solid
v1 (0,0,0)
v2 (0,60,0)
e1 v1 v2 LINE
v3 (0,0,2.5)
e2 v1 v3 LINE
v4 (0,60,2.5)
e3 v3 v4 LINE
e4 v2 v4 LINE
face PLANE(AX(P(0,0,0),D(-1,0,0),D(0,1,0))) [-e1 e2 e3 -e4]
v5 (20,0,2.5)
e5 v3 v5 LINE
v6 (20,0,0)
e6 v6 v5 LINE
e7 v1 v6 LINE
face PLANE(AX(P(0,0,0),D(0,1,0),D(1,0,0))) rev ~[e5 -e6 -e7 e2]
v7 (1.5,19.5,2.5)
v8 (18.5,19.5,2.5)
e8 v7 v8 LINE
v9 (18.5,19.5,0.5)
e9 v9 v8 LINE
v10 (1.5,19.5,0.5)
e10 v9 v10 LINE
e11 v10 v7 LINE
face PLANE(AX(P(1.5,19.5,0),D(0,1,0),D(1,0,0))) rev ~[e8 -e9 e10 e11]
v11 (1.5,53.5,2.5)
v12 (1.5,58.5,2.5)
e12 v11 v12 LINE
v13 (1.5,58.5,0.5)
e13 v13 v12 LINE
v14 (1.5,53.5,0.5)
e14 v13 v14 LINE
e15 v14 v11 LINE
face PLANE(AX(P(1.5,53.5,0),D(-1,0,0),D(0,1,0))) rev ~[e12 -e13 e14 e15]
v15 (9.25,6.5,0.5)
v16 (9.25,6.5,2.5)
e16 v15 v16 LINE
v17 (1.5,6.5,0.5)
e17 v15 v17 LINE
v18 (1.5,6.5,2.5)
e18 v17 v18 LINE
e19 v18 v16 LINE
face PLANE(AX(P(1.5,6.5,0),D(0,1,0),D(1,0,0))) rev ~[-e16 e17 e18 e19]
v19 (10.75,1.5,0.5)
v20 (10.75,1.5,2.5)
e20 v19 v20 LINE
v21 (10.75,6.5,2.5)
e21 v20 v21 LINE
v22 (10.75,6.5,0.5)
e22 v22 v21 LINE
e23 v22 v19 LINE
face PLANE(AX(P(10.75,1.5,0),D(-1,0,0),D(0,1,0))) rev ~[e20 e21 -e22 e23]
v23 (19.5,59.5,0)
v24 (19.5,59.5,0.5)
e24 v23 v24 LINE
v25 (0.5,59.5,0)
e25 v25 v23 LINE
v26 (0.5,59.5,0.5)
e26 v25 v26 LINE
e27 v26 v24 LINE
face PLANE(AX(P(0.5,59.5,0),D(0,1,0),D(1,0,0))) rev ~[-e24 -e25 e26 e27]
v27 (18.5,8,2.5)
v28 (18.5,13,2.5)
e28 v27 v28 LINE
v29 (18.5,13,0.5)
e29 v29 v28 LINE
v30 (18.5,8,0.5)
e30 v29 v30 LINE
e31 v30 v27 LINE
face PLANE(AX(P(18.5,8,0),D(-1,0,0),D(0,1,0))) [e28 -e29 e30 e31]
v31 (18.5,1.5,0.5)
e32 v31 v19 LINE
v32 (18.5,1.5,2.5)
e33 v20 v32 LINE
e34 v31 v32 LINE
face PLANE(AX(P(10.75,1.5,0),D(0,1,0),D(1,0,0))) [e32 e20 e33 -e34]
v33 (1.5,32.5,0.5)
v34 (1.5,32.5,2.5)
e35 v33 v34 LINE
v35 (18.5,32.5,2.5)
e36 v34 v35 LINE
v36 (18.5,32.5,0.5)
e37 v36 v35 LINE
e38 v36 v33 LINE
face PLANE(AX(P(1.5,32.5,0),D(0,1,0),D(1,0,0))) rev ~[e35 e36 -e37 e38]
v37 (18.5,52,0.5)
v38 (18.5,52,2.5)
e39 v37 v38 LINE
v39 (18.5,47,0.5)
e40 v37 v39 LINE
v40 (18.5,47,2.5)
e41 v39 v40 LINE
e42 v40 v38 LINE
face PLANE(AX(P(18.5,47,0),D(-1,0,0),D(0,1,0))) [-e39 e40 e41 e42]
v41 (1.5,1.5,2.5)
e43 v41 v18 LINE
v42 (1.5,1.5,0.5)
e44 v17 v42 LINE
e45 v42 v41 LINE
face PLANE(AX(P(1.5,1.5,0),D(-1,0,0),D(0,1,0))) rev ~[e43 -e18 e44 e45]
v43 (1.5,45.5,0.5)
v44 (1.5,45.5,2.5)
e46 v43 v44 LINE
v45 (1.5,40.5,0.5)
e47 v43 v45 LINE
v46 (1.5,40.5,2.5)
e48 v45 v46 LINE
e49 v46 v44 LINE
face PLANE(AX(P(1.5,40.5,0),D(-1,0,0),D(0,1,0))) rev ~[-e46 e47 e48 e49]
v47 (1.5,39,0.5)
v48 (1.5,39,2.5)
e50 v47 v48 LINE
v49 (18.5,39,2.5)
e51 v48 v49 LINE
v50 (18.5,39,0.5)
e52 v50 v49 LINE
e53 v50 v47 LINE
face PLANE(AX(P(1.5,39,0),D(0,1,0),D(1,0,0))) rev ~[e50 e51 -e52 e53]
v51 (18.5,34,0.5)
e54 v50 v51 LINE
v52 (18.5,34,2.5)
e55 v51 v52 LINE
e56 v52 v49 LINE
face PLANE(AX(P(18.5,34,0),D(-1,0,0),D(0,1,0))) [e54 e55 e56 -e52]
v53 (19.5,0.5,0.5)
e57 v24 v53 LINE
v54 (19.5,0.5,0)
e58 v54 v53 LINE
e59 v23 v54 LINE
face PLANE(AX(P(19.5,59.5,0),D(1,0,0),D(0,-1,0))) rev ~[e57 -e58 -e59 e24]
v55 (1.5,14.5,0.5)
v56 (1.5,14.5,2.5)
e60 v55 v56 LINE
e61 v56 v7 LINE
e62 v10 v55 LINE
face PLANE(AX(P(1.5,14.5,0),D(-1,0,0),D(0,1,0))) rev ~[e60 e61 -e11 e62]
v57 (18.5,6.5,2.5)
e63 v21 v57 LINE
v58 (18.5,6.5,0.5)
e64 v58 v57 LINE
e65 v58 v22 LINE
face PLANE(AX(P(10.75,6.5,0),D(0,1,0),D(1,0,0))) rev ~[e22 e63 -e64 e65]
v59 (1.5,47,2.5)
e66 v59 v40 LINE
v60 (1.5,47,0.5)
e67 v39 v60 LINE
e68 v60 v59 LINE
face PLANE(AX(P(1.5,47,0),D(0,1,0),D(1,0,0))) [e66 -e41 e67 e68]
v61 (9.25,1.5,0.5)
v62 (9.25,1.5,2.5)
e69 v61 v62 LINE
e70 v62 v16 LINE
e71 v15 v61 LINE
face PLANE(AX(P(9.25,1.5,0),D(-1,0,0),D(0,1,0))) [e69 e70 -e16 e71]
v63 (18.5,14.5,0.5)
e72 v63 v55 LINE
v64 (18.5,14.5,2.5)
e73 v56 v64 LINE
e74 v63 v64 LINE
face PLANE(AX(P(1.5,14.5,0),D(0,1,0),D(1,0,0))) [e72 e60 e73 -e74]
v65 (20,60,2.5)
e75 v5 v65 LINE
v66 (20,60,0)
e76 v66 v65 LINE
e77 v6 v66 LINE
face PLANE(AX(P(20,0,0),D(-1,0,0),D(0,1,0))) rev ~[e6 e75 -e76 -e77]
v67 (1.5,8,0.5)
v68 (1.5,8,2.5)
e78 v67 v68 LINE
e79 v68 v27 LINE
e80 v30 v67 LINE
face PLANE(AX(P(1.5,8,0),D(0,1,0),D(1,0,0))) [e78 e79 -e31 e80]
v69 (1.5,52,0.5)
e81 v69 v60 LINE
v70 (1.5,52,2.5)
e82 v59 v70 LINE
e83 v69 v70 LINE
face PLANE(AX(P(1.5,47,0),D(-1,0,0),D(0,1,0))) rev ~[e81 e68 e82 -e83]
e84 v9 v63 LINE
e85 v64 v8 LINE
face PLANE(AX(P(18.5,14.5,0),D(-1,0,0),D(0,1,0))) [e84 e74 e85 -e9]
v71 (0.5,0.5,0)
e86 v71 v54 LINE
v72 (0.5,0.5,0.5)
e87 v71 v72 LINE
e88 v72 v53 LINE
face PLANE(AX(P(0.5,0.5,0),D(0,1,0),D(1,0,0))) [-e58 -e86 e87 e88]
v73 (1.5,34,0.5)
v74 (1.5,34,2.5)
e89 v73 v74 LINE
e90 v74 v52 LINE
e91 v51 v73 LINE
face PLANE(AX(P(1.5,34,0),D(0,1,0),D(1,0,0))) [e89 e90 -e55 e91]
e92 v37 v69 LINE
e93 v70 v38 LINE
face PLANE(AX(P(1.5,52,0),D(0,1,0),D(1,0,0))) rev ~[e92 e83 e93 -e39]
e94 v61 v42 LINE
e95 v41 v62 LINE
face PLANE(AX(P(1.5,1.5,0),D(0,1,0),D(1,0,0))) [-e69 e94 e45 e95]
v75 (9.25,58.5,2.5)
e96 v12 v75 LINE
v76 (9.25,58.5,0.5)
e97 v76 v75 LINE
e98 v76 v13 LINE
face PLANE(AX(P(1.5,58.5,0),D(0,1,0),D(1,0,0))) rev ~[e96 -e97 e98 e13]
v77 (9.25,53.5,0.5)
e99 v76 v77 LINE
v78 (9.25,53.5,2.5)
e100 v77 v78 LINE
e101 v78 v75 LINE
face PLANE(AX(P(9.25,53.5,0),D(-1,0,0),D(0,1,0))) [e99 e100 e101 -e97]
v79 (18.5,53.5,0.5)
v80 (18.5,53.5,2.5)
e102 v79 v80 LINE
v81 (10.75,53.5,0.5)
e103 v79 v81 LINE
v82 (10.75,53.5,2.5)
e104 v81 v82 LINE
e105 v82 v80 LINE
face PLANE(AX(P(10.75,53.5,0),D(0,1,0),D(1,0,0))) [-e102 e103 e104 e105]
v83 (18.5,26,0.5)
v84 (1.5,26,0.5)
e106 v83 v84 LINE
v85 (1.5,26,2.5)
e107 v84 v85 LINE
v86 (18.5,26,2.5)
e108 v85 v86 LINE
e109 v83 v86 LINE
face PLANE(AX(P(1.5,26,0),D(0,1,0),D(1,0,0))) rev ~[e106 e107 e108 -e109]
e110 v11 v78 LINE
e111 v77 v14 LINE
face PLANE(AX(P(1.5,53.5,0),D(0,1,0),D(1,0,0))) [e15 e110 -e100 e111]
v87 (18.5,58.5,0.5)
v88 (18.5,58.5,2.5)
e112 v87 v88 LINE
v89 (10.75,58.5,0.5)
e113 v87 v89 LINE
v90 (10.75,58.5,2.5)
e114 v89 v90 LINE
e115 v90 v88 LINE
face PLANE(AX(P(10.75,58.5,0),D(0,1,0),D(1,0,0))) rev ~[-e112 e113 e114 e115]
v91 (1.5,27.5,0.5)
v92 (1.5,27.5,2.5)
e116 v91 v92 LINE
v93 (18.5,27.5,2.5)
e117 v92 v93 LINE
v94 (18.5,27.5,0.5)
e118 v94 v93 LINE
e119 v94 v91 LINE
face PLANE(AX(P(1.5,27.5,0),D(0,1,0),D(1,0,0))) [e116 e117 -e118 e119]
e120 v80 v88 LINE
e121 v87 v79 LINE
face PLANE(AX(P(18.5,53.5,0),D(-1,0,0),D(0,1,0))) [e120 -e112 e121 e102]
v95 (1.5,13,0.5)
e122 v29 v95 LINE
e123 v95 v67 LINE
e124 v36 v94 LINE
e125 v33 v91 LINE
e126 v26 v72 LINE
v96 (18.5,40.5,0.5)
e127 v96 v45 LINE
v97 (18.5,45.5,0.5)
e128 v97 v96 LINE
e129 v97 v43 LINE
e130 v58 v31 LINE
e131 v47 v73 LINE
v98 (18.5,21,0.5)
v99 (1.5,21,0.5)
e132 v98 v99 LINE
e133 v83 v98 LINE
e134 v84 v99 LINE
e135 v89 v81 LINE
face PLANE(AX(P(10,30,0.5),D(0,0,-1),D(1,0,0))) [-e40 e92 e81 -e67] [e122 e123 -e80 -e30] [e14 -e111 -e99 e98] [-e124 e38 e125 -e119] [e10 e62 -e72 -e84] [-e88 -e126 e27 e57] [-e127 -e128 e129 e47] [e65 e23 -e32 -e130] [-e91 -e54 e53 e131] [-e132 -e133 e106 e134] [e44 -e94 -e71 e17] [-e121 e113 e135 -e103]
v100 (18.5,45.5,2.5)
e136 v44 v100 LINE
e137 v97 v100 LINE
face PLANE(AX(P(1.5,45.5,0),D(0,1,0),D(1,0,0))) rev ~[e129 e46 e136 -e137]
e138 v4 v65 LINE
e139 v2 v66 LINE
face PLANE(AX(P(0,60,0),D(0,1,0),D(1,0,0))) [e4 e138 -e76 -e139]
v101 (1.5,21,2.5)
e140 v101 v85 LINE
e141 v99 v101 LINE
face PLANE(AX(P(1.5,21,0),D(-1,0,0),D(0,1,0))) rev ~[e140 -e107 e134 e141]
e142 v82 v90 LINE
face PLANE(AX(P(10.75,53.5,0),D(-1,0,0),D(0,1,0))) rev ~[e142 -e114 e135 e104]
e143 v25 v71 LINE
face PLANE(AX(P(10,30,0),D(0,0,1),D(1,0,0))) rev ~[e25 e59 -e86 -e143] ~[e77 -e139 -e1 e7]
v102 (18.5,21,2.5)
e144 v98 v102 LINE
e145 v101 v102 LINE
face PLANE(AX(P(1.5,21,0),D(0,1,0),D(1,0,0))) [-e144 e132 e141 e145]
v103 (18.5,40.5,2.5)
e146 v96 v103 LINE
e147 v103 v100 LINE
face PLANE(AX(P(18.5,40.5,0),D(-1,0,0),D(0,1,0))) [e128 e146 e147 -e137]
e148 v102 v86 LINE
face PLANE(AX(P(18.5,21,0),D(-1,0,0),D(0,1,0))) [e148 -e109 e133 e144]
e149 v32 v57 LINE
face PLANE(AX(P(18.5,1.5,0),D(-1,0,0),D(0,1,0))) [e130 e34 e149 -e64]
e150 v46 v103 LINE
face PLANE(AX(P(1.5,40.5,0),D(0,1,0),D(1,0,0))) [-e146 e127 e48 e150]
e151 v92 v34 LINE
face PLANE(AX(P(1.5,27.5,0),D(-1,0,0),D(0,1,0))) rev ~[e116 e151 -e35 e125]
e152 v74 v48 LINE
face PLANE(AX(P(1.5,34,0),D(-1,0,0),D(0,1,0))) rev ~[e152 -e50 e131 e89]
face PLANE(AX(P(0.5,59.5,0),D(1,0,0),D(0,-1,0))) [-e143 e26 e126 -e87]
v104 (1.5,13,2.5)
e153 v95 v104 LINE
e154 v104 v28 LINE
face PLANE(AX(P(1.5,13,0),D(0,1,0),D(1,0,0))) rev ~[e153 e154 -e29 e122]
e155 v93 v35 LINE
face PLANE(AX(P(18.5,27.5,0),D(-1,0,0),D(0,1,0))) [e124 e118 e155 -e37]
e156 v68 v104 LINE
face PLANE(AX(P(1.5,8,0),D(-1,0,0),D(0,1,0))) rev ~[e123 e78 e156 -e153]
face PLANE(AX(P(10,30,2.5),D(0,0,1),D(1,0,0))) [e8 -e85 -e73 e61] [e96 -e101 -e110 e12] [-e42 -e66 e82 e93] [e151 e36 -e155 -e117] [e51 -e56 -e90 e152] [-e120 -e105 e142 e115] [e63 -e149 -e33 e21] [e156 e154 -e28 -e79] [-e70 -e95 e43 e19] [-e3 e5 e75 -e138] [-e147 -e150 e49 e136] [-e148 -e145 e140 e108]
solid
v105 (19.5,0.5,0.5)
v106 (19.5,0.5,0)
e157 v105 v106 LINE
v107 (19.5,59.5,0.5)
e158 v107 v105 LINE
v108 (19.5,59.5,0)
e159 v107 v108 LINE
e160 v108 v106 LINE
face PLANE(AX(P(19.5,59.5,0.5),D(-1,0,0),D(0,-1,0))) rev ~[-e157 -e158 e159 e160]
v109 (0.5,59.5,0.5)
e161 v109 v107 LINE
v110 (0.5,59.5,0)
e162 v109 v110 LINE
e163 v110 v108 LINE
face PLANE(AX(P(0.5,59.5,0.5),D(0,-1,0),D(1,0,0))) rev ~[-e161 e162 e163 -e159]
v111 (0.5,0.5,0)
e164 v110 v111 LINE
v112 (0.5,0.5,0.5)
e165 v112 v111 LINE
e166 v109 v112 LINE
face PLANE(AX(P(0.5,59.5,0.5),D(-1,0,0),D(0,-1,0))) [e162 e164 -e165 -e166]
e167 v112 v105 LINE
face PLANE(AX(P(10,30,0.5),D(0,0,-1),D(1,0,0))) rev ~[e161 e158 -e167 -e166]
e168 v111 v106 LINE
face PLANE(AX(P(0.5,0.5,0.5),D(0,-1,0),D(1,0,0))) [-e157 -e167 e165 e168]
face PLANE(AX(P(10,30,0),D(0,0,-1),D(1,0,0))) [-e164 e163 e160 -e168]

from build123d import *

# Parameters (mm, degrees)
F0_W     = 20
F0_H     = 60
F0_W_2   = 7.75
F0_H_2   = 5
F0_W_3   = 17
F1_DEPTH = 2.5
F2_W     = 19
F2_H     = 59
F3_DEPTH = 0.5
F4_W     = 19
F4_H     = 59
F5_DEPTH = 0.5


with BuildPart() as f1:
    # F0 (on Top) → F1 (new body)
    with BuildSketch(Plane.XY):
        with Locations((10, 30)):
            Rectangle(F0_W, F0_H)
        with Locations((5.375, 4)):
            Rectangle(F0_W_2, F0_H_2, mode=Mode.SUBTRACT)
        with Locations((14.625, 4)):
            Rectangle(F0_W_2, F0_H_2, mode=Mode.SUBTRACT)
        with Locations((10, 10.5)):
            Rectangle(F0_W_3, F0_H_2, mode=Mode.SUBTRACT)
        with Locations((10, 17)):
            Rectangle(F0_W_3, F0_H_2, mode=Mode.SUBTRACT)
        with Locations((10, 23.5)):
            Rectangle(F0_W_3, F0_H_2, mode=Mode.SUBTRACT)
        with Locations((5.375, 56)):
            Rectangle(F0_W_2, F0_H_2, mode=Mode.SUBTRACT)
        with Locations((10, 30)):
            Rectangle(F0_W_3, F0_H_2, mode=Mode.SUBTRACT)
        with Locations((10, 36.5)):
            Rectangle(F0_W_3, F0_H_2, mode=Mode.SUBTRACT)
        with Locations((10, 43)):
            Rectangle(F0_W_3, F0_H_2, mode=Mode.SUBTRACT)
        with Locations((10, 49.5)):
            Rectangle(F0_W_3, F0_H_2, mode=Mode.SUBTRACT)
        with Locations((14.625, 56)):
            Rectangle(F0_W_2, F0_H_2, mode=Mode.SUBTRACT)
    extrude(amount=F1_DEPTH)

    # F2 (on face) → F3 (cut)
    with BuildSketch(Plane(origin=(0, 0, 0), x_dir=(1, 0, 0), z_dir=(0, 0, -1))):
        with Locations((10, -30)):
            Rectangle(F2_W, F2_H)
    extrude(amount=-F3_DEPTH, mode=Mode.SUBTRACT)


with BuildPart() as f5:
    # F4 (on face) → F5 (new body)
    with BuildSketch(Plane(origin=(0, 0, 0.5), x_dir=(1, 0, 0), z_dir=(0, 0, -1))):
        with Locations((10, -30)):
            Rectangle(F4_W, F4_H)
    extrude(amount=F5_DEPTH)


solid = Compound([f1.part, f5.part])
